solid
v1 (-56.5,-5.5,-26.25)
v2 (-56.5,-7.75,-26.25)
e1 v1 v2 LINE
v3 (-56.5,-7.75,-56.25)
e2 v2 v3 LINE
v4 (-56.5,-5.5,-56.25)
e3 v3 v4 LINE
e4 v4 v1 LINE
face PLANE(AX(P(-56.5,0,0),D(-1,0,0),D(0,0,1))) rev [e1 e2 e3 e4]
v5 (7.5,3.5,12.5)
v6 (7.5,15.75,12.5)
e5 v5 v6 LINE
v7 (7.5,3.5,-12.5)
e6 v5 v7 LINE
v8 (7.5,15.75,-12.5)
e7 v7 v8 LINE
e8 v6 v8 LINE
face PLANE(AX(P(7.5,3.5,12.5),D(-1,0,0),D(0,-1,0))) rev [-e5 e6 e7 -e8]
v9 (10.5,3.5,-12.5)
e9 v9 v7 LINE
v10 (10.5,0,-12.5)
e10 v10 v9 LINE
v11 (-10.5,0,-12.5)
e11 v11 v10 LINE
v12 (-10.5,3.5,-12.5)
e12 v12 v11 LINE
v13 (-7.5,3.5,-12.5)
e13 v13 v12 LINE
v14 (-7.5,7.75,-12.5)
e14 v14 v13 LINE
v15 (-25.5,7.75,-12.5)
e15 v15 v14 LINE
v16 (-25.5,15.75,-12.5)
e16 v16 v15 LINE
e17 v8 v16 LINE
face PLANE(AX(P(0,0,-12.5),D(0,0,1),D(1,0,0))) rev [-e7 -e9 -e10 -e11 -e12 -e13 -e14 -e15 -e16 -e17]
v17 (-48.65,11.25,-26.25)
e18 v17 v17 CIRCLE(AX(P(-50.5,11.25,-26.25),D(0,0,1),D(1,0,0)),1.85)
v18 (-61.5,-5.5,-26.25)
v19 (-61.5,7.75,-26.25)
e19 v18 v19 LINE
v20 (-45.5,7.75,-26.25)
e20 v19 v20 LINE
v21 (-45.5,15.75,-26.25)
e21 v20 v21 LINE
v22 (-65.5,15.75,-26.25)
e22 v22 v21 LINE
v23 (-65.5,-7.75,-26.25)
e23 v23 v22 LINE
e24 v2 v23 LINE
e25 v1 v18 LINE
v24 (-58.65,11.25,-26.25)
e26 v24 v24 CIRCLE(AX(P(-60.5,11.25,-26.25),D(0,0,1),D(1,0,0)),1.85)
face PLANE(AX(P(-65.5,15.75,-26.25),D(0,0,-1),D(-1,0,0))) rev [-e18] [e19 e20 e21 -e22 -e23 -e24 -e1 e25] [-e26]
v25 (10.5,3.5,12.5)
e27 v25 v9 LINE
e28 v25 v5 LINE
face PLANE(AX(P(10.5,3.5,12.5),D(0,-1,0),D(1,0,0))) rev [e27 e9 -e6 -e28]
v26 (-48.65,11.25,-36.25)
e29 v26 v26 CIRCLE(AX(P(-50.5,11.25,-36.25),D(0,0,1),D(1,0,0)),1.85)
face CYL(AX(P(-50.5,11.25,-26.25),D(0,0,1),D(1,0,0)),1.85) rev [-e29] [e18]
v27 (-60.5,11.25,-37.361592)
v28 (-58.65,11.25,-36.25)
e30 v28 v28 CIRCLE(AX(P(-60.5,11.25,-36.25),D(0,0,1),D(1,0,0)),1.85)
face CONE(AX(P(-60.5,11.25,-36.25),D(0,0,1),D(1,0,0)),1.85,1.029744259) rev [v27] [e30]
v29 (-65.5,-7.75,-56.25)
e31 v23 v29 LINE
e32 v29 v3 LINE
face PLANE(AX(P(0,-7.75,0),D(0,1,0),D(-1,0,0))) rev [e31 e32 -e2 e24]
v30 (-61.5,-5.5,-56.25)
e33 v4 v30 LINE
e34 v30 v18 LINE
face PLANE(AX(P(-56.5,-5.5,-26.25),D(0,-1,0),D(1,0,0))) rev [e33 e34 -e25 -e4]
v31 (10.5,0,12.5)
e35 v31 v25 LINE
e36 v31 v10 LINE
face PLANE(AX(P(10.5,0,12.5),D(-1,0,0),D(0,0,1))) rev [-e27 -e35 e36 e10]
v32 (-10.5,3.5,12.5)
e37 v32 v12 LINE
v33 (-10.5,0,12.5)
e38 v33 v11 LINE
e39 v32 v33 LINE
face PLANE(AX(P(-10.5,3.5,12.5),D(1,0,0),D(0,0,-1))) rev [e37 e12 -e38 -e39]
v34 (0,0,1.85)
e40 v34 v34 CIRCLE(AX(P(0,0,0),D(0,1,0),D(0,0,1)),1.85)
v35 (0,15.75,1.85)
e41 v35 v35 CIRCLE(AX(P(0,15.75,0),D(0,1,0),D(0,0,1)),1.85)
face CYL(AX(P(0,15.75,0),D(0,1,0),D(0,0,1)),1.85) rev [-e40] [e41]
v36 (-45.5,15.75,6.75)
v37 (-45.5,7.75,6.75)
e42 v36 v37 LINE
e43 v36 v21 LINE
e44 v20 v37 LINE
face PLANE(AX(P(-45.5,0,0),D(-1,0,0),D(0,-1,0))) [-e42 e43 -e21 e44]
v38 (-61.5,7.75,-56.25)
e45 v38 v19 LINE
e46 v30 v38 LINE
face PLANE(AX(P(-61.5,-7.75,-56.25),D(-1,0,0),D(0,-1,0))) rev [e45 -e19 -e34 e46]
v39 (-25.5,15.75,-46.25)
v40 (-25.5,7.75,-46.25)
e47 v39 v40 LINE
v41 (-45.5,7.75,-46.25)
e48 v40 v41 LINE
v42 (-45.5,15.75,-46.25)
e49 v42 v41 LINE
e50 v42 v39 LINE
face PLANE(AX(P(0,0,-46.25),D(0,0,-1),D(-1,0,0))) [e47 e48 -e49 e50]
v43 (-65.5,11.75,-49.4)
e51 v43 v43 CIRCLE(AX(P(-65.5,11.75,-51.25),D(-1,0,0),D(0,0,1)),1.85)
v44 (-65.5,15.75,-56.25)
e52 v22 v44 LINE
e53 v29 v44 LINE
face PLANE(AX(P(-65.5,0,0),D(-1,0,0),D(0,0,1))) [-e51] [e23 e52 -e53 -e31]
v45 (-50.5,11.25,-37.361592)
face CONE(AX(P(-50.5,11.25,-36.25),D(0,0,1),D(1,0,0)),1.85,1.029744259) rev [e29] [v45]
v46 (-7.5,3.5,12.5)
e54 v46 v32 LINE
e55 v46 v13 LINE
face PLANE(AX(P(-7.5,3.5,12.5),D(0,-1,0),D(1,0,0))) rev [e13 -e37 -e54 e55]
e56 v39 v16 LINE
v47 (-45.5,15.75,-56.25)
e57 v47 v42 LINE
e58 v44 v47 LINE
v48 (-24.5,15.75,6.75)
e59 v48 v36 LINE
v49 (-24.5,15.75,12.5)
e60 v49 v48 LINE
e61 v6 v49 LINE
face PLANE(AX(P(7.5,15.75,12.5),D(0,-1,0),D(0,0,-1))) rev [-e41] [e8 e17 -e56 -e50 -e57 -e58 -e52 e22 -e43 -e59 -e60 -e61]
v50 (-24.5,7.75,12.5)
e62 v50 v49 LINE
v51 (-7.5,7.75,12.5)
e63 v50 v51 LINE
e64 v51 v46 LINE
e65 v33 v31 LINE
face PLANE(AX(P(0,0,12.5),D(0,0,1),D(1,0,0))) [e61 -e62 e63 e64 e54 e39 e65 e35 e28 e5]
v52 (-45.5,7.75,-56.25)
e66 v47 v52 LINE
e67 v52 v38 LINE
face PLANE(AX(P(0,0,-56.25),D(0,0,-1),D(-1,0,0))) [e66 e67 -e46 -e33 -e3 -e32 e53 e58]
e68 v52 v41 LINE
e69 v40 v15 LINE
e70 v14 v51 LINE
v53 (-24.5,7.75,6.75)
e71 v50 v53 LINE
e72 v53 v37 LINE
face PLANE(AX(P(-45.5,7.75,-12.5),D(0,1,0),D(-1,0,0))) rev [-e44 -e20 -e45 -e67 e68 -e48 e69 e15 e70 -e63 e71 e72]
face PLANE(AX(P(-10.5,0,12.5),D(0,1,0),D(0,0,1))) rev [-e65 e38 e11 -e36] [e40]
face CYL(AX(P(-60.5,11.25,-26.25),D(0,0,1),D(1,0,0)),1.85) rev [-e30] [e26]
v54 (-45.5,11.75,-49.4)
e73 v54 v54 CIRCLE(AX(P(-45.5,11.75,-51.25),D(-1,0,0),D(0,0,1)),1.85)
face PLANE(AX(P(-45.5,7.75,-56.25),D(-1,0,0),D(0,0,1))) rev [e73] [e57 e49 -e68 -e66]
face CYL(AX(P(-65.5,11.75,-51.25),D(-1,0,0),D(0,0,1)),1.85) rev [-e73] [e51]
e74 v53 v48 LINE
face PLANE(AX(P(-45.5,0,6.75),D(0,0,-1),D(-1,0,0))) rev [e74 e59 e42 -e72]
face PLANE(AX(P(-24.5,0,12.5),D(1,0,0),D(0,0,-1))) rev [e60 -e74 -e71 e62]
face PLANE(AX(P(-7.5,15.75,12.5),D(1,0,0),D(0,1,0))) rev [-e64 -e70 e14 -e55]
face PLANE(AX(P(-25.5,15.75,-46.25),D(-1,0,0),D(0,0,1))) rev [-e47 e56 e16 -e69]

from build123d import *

# Parameters (mm, degrees)
BOSS_EXTRUDE1_DEPTH            = 12.5
SKETCH2_W                      = 25
SKETCH2_H                      = 8
BOSS_EXTRUDE2_DEPTH            = 38
SKETCH7_W                      = 20
SKETCH7_H                      = 8
BOSS_EXTRUDE3_DEPTH            = 33.75
SKETCH10_W                     = 20
SKETCH10_H                     = 8
BOSS_EXTRUDE4_DEPTH            = 20
SKETCH11_W                     = 20
SKETCH11_H                     = 8
BOSS_EXTRUDE5_DEPTH            = 10
F_3_7_3_7_DIAMETER_HOLE2_D     = 3.7
F_3_7_3_7_DIAMETER_HOLE2_DEPTH = 10
F_3_7_3_7_DIAMETER_HOLE2_TIP   = 1.111592145
F_3_7_3_7_DIAMETER_HOLE1_D     = 3.7
F_3_7_3_7_DIAMETER_HOLE3_D     = 3.7
SKETCH12_W                     = 21
SKETCH12_H                     = 5.75
CUT_EXTRUDE1_DEPTH             = 88.763175649
SKETCH14_W                     = 4
SKETCH14_H                     = 30
BOSS_EXTRUDE7_DEPTH            = 15.5
SKETCH15_W                     = 30
SKETCH15_H                     = 2.25
BOSS_EXTRUDE8_DEPTH            = 5


with BuildPart() as part:
    # Sketch1 → Boss-Extrude1 (new, symmetric)
    with BuildSketch(Plane.XY):
        Polygon((-10.5, 0), (10.5, 0), (10.5, 3.5), (7.5, 3.5), (7.5, 15.75), (-7.5, 15.75), (-7.5, 3.5), (-10.5, 3.5), align=None)
    extrude(amount=BOSS_EXTRUDE1_DEPTH, both=True)

    # Sketch2 → Boss-Extrude2 (add)
    with BuildSketch(Plane.ZY.offset(7.5)):
        with Locations((0, 11.75)):
            Rectangle(SKETCH2_W, SKETCH2_H)
    extrude(amount=BOSS_EXTRUDE2_DEPTH)

    # Sketch7 → Boss-Extrude3 (add)
    with BuildSketch(Plane(origin=(0, 0, -12.5), x_dir=(-1, 0, 0), z_dir=(0, 0, -1))):
        with Locations((35.5, 11.75)):
            Rectangle(SKETCH7_W, SKETCH7_H)
    extrude(amount=BOSS_EXTRUDE3_DEPTH)

    # Sketch10 → Boss-Extrude4 (add)
    with BuildSketch(Plane.ZY.offset(45.5)):
        with Locations((-36.25, 11.75)):
            Rectangle(SKETCH10_W, SKETCH10_H)
    extrude(amount=BOSS_EXTRUDE4_DEPTH)

    # Sketch11 → Boss-Extrude5 (add)
    with BuildSketch(Plane(origin=(0, 0, -46.25), x_dir=(-1, 0, 0), z_dir=(0, 0, -1))):
        with Locations((55.5, 11.75)):
            Rectangle(SKETCH11_W, SKETCH11_H)
    extrude(amount=BOSS_EXTRUDE5_DEPTH)

    # Ø3.7 (3.7) Diameter Hole2
    with Locations(Plane.XY.offset(-26.25)):
        with Locations((-60.5, 11.25), (-50.5, 11.25)):
            Hole(F_3_7_3_7_DIAMETER_HOLE2_D / 2, depth=F_3_7_3_7_DIAMETER_HOLE2_DEPTH)
            with Locations((0, 0, -(F_3_7_3_7_DIAMETER_HOLE2_DEPTH + F_3_7_3_7_DIAMETER_HOLE2_TIP / 2))):  # 118° drill point
                Cone(0, F_3_7_3_7_DIAMETER_HOLE2_D / 2, F_3_7_3_7_DIAMETER_HOLE2_TIP, mode=Mode.SUBTRACT)

    # Ø3.7 (3.7) Diameter Hole1 (through all)
    with Locations(Plane.ZY.offset(65.5)):
        with Locations((-51.25, 11.75)):
            Hole(F_3_7_3_7_DIAMETER_HOLE1_D / 2)

    # Ø3.7 (3.7) Diameter Hole3 (through all)
    with Locations(Plane(origin=(0, 15.75, 0), x_dir=(1, 0, 0), z_dir=(0, 1, 0))):
        with Locations((0, 0)):
            Hole(F_3_7_3_7_DIAMETER_HOLE3_D / 2)

    # Sketch12 → Cut-Extrude1 (cut, through all)
    with BuildSketch(Plane(origin=(0, 15.75, 0), x_dir=(1, 0, 0), z_dir=(0, 1, 0))):
        with Locations((-35, -9.625)):
            Rectangle(SKETCH12_W, SKETCH12_H)
    extrude(amount=-CUT_EXTRUDE1_DEPTH, mode=Mode.SUBTRACT)

    # Sketch14 → Boss-Extrude7 (add)
    with BuildSketch(Plane.XZ.offset(-7.75)):
        with Locations((-63.5, -41.25)):
            Rectangle(SKETCH14_W, SKETCH14_H)
    extrude(amount=BOSS_EXTRUDE7_DEPTH)

    # Sketch15 → Boss-Extrude8 (add)
    with BuildSketch(Plane(origin=(-61.5, 0, 0), x_dir=(0, 0, -1), z_dir=(1, 0, 0))):
        with Locations((41.25, -6.625)):
            Rectangle(SKETCH15_W, SKETCH15_H)
    extrude(amount=BOSS_EXTRUDE8_DEPTH)


solid = part.part
